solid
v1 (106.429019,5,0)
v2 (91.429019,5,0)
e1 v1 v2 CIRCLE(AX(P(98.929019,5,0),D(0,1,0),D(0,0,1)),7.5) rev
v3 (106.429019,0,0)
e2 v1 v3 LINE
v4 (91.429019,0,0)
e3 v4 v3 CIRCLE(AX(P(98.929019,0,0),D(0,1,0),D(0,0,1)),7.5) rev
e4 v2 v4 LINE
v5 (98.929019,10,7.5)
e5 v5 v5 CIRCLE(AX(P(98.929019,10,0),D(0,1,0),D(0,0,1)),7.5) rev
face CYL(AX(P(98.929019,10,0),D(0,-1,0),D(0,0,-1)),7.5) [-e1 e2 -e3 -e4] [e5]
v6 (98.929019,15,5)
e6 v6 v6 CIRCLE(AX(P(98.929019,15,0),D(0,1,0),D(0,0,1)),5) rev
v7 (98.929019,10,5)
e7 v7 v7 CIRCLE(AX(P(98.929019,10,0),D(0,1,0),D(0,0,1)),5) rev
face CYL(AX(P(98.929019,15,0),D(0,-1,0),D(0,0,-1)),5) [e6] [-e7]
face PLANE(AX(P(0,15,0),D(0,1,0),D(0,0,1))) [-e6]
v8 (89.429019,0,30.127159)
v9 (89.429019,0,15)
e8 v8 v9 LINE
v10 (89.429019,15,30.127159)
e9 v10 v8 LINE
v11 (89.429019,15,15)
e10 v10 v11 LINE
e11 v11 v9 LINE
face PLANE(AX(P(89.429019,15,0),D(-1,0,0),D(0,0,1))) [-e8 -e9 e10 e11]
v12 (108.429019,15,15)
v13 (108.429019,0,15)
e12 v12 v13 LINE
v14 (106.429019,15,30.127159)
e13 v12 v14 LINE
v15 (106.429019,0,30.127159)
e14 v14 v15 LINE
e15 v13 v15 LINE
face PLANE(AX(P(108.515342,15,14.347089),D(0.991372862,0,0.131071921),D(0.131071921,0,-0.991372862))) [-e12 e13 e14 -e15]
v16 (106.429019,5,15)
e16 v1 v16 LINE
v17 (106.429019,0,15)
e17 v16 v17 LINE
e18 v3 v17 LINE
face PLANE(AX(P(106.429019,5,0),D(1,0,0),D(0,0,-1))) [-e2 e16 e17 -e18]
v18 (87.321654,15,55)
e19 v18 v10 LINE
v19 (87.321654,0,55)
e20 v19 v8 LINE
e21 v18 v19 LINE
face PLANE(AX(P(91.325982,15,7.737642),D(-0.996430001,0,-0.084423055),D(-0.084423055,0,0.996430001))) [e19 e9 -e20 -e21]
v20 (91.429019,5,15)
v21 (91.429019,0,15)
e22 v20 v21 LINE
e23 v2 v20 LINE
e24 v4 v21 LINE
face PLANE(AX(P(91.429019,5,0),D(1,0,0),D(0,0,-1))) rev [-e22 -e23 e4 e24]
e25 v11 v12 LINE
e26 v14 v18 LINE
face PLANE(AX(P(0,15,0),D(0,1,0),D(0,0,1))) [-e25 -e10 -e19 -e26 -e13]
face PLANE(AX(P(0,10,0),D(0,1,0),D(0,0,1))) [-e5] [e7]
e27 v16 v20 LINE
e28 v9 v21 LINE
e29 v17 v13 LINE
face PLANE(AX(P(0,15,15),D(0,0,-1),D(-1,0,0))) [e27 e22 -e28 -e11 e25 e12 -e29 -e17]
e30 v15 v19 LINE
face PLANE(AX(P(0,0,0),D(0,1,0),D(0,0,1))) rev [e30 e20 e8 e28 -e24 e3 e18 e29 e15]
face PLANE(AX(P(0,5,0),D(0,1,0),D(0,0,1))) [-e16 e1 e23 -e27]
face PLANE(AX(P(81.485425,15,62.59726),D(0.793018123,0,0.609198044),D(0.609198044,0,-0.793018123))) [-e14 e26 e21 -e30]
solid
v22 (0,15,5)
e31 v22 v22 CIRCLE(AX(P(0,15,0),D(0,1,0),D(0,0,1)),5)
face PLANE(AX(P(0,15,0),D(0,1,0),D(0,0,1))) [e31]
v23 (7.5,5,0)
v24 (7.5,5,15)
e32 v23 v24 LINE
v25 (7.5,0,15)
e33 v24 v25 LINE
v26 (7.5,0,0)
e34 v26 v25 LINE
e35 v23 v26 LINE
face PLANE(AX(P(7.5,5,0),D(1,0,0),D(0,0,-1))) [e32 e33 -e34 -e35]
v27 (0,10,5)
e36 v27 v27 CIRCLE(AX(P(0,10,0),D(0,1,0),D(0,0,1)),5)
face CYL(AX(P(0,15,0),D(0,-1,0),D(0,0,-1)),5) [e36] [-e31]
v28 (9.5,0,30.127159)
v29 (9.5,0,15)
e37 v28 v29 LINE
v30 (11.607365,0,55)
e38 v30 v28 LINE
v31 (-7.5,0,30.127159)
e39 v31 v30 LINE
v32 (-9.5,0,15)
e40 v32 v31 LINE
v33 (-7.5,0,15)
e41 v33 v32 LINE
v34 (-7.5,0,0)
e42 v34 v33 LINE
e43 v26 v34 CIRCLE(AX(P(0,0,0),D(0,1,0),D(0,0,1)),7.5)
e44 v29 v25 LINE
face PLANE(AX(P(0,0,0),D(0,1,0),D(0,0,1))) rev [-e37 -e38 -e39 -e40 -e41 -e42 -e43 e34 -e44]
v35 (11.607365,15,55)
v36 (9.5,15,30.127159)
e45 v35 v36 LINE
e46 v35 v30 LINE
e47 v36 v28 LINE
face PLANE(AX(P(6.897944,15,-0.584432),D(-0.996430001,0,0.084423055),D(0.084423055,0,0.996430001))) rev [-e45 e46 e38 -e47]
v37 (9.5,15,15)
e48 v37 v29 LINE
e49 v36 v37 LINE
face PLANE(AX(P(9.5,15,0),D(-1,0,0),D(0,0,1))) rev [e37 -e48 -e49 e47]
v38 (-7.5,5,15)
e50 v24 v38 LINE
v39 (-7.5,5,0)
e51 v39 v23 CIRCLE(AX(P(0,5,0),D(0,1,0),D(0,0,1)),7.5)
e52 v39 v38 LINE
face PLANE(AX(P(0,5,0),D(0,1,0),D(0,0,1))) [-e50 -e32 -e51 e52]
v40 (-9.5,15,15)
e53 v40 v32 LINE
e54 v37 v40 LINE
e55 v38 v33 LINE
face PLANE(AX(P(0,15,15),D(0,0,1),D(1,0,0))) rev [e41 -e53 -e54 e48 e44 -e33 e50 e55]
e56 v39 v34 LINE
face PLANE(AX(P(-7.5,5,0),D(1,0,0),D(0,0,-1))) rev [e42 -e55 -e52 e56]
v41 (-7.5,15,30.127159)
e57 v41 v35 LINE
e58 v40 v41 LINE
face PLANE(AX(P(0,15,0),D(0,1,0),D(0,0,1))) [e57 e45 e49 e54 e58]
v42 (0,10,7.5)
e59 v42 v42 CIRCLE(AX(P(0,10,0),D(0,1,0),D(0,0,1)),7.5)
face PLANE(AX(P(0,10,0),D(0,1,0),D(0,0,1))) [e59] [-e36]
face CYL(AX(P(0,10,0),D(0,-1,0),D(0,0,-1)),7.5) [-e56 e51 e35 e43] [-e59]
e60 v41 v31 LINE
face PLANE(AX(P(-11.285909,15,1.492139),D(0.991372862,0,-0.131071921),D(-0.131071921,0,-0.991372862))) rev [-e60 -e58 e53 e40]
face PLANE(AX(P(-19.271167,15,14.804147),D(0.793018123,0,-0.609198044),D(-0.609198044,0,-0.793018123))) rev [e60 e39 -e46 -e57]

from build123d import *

# Parameters (mm, degrees)
SKETCH1_R           = 7.5
SKETCH1_R_2         = 5
BOSS_EXTRUDE1_DEPTH = 10
BOSS_EXTRUDE2_DEPTH = 15
BOSS_EXTRUDE3_DEPTH = 5
SKETCH1_5_R         = 5
BOSS_EXTRUDE4_DEPTH = 15
SKETCH1_6_R         = 5
BOSS_EXTRUDE5_DEPTH = 15
SKETCH1_7_R         = 7.5
SKETCH1_7_R_2       = 5
BOSS_EXTRUDE6_DEPTH = 10
BOSS_EXTRUDE7_DEPTH = 5
BOSS_EXTRUDE8_DEPTH = 15


with BuildPart() as part:
    # Sketch1 → Boss-Extrude1 (new body)
    with BuildSketch(Plane(origin=(0, 0, 0), x_dir=(1, 0, 0), z_dir=(0, 1, 0))):
        Circle(SKETCH1_R)
        Circle(SKETCH1_R_2, mode=Mode.SUBTRACT)
    extrude(amount=BOSS_EXTRUDE1_DEPTH)



with BuildPart() as body_2:
    # Sketch1<3> → Boss-Extrude2 (new body)
    with BuildSketch(Plane(origin=(0, 0, 0), x_dir=(1, 0, 0), z_dir=(0, 1, 0))):
        Polygon((-7.5, -15), (-9.5, -15), (-7.5, -30.12715853), (11.607364561, -55), (9.5, -30.12715853), (9.5, -15), (7.5, -15), align=None)
    extrude(amount=BOSS_EXTRUDE2_DEPTH)


with BuildPart() as part_1:
    add(part.part)

    add(body_2.part)  # Boss-Extrude3 merges body 2
    # Sketch1<4> → Boss-Extrude3 (add)
    with BuildSketch(Plane(origin=(0, 0, 0), x_dir=(1, 0, 0), z_dir=(0, 1, 0))):
        with BuildLine():
            Line((-7.5, 0), (-7.5, -15))
            Line((-7.5, -15), (7.5, -15))
            Line((7.5, -15), (7.5, 0))
            ThreePointArc((7.5, 0), (0, -7.5), (-7.5, 0))
        make_face()
    extrude(amount=BOSS_EXTRUDE3_DEPTH)

    # Sketch1<5> → Boss-Extrude4 (add)
    with BuildSketch(Plane(origin=(0, 0, 0), x_dir=(1, 0, 0), z_dir=(0, 1, 0))):
        Circle(SKETCH1_5_R)
    extrude(amount=BOSS_EXTRUDE4_DEPTH)


with BuildPart() as body_2_2:
    # Sketch1<6> → Boss-Extrude5 (new body)
    with BuildSketch(Plane(origin=(0, 0, 0), x_dir=(1, 0, 0), z_dir=(0, 1, 0))):
        with Locations((98.929018633, 0)):
            Circle(SKETCH1_6_R)
    extrude(amount=BOSS_EXTRUDE5_DEPTH)

    # Sketch1<7> → Boss-Extrude6 (add)
    with BuildSketch(Plane(origin=(0, 0, 0), x_dir=(1, 0, 0), z_dir=(0, 1, 0))):
        with Locations((98.929018633, 0)):
            Circle(SKETCH1_7_R)
        with Locations((98.929018633, 0)):
            Circle(SKETCH1_7_R_2, mode=Mode.SUBTRACT)
    extrude(amount=BOSS_EXTRUDE6_DEPTH)

    # Sketch1<8> → Boss-Extrude7 (add)
    with BuildSketch(Plane(origin=(0, 0, 0), x_dir=(1, 0, 0), z_dir=(0, 1, 0))):
        with BuildLine():
            ThreePointArc((106.429018633, 0), (98.929018633, -7.5), (91.429018633, 0))
            Line((91.429018633, 0), (91.429018633, -15))
            Line((91.429018633, -15), (106.429018633, -15))
            Line((106.429018633, -15), (106.429018633, 0))
        make_face()
    extrude(amount=BOSS_EXTRUDE7_DEPTH)

    # Sketch1<9> → Boss-Extrude8 (add)
    with BuildSketch(Plane(origin=(0, 0, 0), x_dir=(1, 0, 0), z_dir=(0, 1, 0))):
        Polygon((106.429018633, -15), (91.429018633, -15), (89.429018633, -15), (89.429018633, -30.12715853), (87.321654073, -55), (106.429018633, -30.12715853), (108.429018633, -15), align=None)
    extrude(amount=BOSS_EXTRUDE8_DEPTH)


solid = Compound([part_1.part, body_2_2.part])
